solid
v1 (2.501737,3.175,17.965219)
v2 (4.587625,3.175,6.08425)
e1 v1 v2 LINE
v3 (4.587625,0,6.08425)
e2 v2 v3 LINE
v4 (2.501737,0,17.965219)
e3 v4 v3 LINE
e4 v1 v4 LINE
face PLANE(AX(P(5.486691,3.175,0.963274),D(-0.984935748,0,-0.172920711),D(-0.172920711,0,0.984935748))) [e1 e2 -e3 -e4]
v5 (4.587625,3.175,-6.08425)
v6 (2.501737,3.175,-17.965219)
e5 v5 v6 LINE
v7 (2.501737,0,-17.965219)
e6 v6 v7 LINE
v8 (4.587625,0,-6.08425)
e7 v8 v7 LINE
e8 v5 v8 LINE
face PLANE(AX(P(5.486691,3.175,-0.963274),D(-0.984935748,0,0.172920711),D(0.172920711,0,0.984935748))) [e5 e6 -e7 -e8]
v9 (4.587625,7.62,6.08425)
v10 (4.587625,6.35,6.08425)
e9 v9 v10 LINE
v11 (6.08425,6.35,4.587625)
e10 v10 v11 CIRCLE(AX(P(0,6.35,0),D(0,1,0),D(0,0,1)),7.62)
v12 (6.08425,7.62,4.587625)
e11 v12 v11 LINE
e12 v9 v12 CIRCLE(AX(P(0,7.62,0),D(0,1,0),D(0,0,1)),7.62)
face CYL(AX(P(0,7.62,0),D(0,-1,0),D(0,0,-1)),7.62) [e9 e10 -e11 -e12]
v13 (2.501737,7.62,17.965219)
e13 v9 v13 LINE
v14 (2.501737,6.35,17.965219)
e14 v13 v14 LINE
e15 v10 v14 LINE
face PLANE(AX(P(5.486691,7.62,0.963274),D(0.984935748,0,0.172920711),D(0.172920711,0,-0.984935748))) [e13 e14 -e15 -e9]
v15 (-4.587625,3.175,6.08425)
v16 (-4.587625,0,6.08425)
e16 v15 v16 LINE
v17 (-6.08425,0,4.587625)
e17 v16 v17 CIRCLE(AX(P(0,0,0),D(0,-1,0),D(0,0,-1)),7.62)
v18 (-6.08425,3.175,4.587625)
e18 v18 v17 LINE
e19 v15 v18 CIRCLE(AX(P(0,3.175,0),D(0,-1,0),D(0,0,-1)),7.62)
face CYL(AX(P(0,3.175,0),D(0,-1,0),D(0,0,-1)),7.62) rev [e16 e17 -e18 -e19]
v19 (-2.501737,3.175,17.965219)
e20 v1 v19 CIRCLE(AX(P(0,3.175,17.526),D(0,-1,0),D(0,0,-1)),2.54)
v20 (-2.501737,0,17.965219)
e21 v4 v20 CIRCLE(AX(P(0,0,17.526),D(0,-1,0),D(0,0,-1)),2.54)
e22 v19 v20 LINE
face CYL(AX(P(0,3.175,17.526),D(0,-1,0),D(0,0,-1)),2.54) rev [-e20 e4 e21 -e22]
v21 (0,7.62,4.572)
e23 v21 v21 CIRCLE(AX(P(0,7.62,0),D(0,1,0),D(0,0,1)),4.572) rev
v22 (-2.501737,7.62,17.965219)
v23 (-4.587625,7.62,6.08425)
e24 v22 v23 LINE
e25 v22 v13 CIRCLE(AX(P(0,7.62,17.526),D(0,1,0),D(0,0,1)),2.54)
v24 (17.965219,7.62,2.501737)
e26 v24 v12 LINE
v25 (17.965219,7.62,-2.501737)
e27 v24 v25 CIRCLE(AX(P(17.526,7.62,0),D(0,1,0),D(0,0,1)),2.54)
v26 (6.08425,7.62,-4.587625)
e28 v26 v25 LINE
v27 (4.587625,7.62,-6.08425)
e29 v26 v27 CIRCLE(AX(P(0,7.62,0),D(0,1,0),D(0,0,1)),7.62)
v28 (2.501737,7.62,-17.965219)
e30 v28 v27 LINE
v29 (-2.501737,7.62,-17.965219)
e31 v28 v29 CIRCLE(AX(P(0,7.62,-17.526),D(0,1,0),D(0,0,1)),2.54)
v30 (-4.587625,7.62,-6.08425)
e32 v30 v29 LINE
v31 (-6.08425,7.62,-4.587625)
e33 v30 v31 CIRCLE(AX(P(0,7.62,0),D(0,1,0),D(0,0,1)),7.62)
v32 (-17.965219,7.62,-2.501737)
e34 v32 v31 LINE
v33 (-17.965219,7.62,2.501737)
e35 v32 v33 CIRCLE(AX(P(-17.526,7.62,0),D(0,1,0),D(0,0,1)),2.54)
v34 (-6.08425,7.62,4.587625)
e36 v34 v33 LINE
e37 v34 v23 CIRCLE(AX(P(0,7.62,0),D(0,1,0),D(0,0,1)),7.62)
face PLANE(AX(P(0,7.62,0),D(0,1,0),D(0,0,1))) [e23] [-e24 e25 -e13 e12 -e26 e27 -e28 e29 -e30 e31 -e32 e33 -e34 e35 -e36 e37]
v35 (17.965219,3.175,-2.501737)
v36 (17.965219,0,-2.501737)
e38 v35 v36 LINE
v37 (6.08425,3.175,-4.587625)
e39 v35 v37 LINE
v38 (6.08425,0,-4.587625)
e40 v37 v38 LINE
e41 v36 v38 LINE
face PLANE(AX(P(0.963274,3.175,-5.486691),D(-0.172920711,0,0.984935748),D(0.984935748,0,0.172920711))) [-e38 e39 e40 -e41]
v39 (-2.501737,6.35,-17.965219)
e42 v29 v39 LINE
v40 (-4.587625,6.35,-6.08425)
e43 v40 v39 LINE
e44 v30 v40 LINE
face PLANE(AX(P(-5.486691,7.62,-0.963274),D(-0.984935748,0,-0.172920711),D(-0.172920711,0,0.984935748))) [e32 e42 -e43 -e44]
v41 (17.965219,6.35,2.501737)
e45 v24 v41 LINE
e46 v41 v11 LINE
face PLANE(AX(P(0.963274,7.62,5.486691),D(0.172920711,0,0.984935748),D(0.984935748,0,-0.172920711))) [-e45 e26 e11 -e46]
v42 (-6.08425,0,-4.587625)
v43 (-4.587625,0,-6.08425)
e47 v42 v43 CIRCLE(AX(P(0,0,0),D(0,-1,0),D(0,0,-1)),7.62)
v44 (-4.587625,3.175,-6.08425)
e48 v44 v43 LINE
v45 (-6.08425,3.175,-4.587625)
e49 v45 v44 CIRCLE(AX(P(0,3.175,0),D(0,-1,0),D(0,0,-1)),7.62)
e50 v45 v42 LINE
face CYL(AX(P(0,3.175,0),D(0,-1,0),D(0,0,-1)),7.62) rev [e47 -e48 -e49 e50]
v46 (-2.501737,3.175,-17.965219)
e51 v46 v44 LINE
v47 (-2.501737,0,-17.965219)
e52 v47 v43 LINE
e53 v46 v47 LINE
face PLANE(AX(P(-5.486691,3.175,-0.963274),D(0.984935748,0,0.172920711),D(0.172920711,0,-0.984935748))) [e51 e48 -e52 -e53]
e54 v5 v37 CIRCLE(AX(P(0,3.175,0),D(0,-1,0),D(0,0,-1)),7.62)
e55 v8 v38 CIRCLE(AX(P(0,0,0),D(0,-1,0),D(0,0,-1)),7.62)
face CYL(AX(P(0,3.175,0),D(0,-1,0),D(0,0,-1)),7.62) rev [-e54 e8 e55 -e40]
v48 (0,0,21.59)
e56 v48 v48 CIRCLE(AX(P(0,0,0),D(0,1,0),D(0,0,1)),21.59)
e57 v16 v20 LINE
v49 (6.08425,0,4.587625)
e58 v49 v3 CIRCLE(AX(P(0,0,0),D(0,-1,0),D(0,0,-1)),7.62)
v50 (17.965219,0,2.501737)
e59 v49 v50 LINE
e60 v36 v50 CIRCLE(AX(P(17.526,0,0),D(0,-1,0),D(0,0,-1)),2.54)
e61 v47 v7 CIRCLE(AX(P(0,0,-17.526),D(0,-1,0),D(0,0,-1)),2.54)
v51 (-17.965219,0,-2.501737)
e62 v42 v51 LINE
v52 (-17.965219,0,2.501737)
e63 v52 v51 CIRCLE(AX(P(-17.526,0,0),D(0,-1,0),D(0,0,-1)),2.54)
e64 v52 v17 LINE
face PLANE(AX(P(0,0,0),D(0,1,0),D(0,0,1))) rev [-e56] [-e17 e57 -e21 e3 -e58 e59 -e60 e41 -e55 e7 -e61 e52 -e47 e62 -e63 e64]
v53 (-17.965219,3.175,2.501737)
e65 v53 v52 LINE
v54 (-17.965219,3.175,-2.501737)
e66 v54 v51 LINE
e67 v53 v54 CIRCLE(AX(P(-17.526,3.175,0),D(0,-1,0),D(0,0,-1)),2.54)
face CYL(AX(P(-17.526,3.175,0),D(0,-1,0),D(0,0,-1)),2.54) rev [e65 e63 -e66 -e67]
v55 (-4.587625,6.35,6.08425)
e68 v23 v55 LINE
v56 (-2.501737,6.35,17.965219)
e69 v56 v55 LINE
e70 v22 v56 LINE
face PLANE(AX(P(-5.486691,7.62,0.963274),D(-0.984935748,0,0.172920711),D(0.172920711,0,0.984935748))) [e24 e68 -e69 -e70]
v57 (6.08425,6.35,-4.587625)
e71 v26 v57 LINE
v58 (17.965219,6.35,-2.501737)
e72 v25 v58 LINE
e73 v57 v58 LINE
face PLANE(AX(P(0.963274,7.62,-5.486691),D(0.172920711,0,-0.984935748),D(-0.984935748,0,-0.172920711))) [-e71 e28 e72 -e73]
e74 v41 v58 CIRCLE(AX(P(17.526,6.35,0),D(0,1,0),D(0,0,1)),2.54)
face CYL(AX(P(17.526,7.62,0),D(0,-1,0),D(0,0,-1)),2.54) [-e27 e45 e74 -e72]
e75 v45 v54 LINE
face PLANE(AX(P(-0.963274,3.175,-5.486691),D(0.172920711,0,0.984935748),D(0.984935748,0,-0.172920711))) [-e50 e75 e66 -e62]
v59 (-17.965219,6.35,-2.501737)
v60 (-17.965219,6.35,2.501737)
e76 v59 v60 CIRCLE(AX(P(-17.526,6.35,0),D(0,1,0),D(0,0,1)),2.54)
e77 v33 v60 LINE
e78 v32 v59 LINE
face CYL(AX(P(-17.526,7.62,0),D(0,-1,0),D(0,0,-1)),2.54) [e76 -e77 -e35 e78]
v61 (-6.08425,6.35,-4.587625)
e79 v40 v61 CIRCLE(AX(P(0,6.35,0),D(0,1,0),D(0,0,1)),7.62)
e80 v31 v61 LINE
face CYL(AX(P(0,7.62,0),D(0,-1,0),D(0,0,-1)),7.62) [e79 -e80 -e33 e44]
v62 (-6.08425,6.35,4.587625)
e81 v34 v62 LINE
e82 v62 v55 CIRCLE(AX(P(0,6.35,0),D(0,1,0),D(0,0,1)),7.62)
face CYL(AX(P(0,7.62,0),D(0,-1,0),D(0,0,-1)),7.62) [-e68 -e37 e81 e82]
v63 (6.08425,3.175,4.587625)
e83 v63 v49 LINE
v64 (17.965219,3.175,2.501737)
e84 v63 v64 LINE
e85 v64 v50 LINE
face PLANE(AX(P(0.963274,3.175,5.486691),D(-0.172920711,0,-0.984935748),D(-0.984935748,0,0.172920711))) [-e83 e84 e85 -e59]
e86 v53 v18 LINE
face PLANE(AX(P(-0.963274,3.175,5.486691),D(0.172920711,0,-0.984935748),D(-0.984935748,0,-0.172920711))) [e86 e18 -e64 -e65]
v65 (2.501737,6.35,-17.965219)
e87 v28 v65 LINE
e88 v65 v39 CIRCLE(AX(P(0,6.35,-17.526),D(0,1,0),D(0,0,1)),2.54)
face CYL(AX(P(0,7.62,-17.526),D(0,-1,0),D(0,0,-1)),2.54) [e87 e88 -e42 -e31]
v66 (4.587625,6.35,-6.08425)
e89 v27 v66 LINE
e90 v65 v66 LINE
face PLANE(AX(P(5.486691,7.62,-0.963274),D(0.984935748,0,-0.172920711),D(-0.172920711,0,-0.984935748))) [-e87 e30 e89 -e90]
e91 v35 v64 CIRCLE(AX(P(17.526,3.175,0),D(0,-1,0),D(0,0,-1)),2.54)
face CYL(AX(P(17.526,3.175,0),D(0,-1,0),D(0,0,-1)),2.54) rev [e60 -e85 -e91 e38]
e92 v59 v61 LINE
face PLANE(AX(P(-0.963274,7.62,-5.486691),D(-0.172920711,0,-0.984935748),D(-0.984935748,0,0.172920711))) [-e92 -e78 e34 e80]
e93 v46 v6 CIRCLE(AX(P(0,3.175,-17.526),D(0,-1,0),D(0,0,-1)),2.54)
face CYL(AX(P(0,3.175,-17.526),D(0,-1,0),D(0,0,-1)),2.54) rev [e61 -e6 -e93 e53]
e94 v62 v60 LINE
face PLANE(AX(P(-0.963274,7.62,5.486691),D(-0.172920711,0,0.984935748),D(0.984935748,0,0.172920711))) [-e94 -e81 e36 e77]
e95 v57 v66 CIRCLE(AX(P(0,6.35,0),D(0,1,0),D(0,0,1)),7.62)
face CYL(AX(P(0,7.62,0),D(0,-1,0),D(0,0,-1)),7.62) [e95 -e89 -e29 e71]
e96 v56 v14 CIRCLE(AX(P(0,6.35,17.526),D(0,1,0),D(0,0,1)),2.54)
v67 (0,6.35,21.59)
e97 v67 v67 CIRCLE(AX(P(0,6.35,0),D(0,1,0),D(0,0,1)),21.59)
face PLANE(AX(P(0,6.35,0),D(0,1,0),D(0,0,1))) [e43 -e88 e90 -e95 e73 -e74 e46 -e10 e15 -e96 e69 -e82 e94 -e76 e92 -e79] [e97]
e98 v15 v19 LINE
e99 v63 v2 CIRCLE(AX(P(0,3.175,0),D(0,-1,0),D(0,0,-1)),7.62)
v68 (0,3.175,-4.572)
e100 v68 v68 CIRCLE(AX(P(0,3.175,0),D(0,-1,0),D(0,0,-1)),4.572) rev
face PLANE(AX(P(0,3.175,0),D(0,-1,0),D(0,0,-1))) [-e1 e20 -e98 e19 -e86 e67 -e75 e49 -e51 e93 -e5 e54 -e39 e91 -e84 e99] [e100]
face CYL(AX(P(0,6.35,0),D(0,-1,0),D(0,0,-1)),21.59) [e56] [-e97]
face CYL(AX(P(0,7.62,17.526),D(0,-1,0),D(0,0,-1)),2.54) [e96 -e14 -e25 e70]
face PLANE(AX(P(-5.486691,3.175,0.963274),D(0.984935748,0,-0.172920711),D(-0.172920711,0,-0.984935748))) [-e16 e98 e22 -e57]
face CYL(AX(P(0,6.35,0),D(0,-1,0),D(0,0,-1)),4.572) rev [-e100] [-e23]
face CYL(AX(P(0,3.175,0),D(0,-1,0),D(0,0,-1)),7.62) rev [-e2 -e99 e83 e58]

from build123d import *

# Parameters (mm, degrees)
SKETCH1_R           = 21.59
BOSS_EXTRUDE1_DEPTH = 6.35
SKETCH2_R           = 4.572
CUT_EXTRUDE1_DEPTH  = 7.35
SKETCH3_R           = 2.54
SKETCH3_R_2         = 7.62
SKETCH3_R_3         = 4.572
CUT_EXTRUDE2_DEPTH  = 3.175
SKETCH4_R           = 2.54
SKETCH4_R_2         = 7.62
SKETCH4_R_3         = 4.572
BOSS_EXTRUDE2_DEPTH = 1.27


with BuildPart() as part:
    # Sketch1 → Boss-Extrude1 (new body)
    with BuildSketch(Plane(origin=(0, 0, 0), x_dir=(1, 0, 0), z_dir=(0, 1, 0))):
        Circle(SKETCH1_R)
    extrude(amount=BOSS_EXTRUDE1_DEPTH)

    # Sketch2 → Cut-Extrude1 (cut, through all)
    with BuildSketch(Plane.XZ):
        Circle(SKETCH2_R)
    extrude(amount=-CUT_EXTRUDE1_DEPTH, mode=Mode.SUBTRACT)

    # Sketch3 → Cut-Extrude2 (cut)
    with BuildSketch(Plane.XZ):
        with BuildLine():
            ThreePointArc((4.587624646, -6.084250168), (0, -7.62), (-4.587624646, -6.084250168))
            Line((-4.587624646, -6.084250168), (-4.318, -7.62))
            Line((-4.318, -7.62), (-2.5017368, -17.965218605))
            ThreePointArc((-2.5017368, -17.965218605), (-0.220441067, -14.995583881), (2.54, -17.526))
            ThreePointArc((2.54, -17.526), (2.530416119, -17.746441067), (2.5017368, -17.965218605))
            Line((2.5017368, -17.965218605), (4.318, -7.62))
            Line((4.318, -7.62), (4.587624646, -6.084250168))
        make_face()
        with Locations((0, -17.526)):
            Circle(SKETCH3_R)
        with BuildLine():
            Line((-17.965218605, -2.5017368), (-7.62, -4.318))
            Line((-7.62, -4.318), (-6.084250168, -4.587624646))
            ThreePointArc((-6.084250168, -4.587624646), (-7.62, 0), (-6.084250168, 4.587624646))
            Line((-6.084250168, 4.587624646), (-7.62, 4.318))
            Line((-7.62, 4.318), (-17.965218605, 2.5017368))
            ThreePointArc((-17.965218605, 2.5017368), (-15.892600976, 1.94514977), (-14.986, 0))
            ThreePointArc((-14.986, 0), (-15.892600976, -1.94514977), (-17.965218605, -2.5017368))
        make_face()
        with Locations((-17.526, 0)):
            Circle(SKETCH3_R)
        Circle(SKETCH3_R_2)
        Circle(SKETCH3_R_3, mode=Mode.SUBTRACT)
        with BuildLine():
            Line((-4.318, 7.62), (-4.587624646, 6.084250168))
            ThreePointArc((-4.587624646, 6.084250168), (0, 7.62), (4.587624646, 6.084250168))
            Line((4.587624646, 6.084250168), (4.318, 7.62))
            Line((4.318, 7.62), (2.5017368, 17.965218605))
            ThreePointArc((2.5017368, 17.965218605), (2.530416119, 17.746441067), (2.54, 17.526))
            ThreePointArc((2.54, 17.526), (-0.220441067, 14.995583881), (-2.5017368, 17.965218605))
            Line((-2.5017368, 17.965218605), (-4.318, 7.62))
        make_face()
        with Locations((0, 17.526)):
            Circle(SKETCH3_R)
        with Locations((17.526, 0)):
            Circle(SKETCH3_R)
        with BuildLine():
            ThreePointArc((7.62, 0), (7.225869715, -2.418926799), (6.084250168, -4.587624646))
            Line((6.084250168, -4.587624646), (7.62, -4.318))
            Line((7.62, -4.318), (17.965218605, -2.5017368))
            ThreePointArc((17.965218605, -2.5017368), (14.986, 0), (17.965218605, 2.5017368))
            Line((17.965218605, 2.5017368), (7.62, 4.318))
            Line((7.62, 4.318), (6.084250168, 4.587624646))
            ThreePointArc((6.084250168, 4.587624646), (7.225869715, 2.418926799), (7.62, 0))
        make_face()
    extrude(amount=-CUT_EXTRUDE2_DEPTH, mode=Mode.SUBTRACT)

    # Sketch4 → Boss-Extrude2 (add)
    with BuildSketch(Plane(origin=(0, 6.35, 0), x_dir=(1, 0, 0), z_dir=(0, 1, 0))):
        with BuildLine():
            Line((4.318, 7.62), (2.5017368, 17.965218605))
            ThreePointArc((2.5017368, 17.965218605), (2.530416119, 17.746441067), (2.54, 17.526))
            ThreePointArc((2.54, 17.526), (-0.220441067, 14.995583881), (-2.5017368, 17.965218605))
            Line((-2.5017368, 17.965218605), (-4.318, 7.62))
            Line((-4.318, 7.62), (-4.587624646, 6.084250168))
            ThreePointArc((-4.587624646, 6.084250168), (0, 7.62), (4.587624646, 6.084250168))
            Line((4.587624646, 6.084250168), (4.318, 7.62))
        make_face()
        with Locations((0, 17.526)):
            Circle(SKETCH4_R)
        with BuildLine():
            Line((-7.62, -4.318), (-6.084250168, -4.587624646))
            ThreePointArc((-6.084250168, -4.587624646), (-7.62, 0), (-6.084250168, 4.587624646))
            Line((-6.084250168, 4.587624646), (-7.62, 4.318))
            Line((-7.62, 4.318), (-17.965218605, 2.5017368))
            ThreePointArc((-17.965218605, 2.5017368), (-15.892600976, 1.94514977), (-14.986, 0))
            ThreePointArc((-14.986, 0), (-15.892600976, -1.94514977), (-17.965218605, -2.5017368))
            Line((-17.965218605, -2.5017368), (-7.62, -4.318))
        make_face()
        with Locations((-17.526, 0)):
            Circle(SKETCH4_R)
        with Locations((0, -17.526)):
            Circle(SKETCH4_R)
        with BuildLine():
            Line((2.5017368, -17.965218605), (4.318, -7.62))
            Line((4.318, -7.62), (4.587624646, -6.084250168))
            ThreePointArc((4.587624646, -6.084250168), (0, -7.62), (-4.587624646, -6.084250168))
            Line((-4.587624646, -6.084250168), (-4.318, -7.62))
            Line((-4.318, -7.62), (-2.5017368, -17.965218605))
            ThreePointArc((-2.5017368, -17.965218605), (-0.220441067, -14.995583881), (2.54, -17.526))
            ThreePointArc((2.54, -17.526), (2.530416119, -17.746441067), (2.5017368, -17.965218605))
        make_face()
        with BuildLine():
            ThreePointArc((7.62, 0), (7.225869715, -2.418926799), (6.084250168, -4.587624646))
            Line((6.084250168, -4.587624646), (7.62, -4.318))
            Line((7.62, -4.318), (17.965218605, -2.5017368))
            ThreePointArc((17.965218605, -2.5017368), (14.986, 0), (17.965218605, 2.5017368))
            Line((17.965218605, 2.5017368), (7.62, 4.318))
            Line((7.62, 4.318), (6.084250168, 4.587624646))
            ThreePointArc((6.084250168, 4.587624646), (7.225869715, 2.418926799), (7.62, 0))
        make_face()
        with Locations((17.526, 0)):
            Circle(SKETCH4_R)
        Circle(SKETCH4_R_2)
        Circle(SKETCH4_R_3, mode=Mode.SUBTRACT)
    extrude(amount=BOSS_EXTRUDE2_DEPTH)


solid = part.part
